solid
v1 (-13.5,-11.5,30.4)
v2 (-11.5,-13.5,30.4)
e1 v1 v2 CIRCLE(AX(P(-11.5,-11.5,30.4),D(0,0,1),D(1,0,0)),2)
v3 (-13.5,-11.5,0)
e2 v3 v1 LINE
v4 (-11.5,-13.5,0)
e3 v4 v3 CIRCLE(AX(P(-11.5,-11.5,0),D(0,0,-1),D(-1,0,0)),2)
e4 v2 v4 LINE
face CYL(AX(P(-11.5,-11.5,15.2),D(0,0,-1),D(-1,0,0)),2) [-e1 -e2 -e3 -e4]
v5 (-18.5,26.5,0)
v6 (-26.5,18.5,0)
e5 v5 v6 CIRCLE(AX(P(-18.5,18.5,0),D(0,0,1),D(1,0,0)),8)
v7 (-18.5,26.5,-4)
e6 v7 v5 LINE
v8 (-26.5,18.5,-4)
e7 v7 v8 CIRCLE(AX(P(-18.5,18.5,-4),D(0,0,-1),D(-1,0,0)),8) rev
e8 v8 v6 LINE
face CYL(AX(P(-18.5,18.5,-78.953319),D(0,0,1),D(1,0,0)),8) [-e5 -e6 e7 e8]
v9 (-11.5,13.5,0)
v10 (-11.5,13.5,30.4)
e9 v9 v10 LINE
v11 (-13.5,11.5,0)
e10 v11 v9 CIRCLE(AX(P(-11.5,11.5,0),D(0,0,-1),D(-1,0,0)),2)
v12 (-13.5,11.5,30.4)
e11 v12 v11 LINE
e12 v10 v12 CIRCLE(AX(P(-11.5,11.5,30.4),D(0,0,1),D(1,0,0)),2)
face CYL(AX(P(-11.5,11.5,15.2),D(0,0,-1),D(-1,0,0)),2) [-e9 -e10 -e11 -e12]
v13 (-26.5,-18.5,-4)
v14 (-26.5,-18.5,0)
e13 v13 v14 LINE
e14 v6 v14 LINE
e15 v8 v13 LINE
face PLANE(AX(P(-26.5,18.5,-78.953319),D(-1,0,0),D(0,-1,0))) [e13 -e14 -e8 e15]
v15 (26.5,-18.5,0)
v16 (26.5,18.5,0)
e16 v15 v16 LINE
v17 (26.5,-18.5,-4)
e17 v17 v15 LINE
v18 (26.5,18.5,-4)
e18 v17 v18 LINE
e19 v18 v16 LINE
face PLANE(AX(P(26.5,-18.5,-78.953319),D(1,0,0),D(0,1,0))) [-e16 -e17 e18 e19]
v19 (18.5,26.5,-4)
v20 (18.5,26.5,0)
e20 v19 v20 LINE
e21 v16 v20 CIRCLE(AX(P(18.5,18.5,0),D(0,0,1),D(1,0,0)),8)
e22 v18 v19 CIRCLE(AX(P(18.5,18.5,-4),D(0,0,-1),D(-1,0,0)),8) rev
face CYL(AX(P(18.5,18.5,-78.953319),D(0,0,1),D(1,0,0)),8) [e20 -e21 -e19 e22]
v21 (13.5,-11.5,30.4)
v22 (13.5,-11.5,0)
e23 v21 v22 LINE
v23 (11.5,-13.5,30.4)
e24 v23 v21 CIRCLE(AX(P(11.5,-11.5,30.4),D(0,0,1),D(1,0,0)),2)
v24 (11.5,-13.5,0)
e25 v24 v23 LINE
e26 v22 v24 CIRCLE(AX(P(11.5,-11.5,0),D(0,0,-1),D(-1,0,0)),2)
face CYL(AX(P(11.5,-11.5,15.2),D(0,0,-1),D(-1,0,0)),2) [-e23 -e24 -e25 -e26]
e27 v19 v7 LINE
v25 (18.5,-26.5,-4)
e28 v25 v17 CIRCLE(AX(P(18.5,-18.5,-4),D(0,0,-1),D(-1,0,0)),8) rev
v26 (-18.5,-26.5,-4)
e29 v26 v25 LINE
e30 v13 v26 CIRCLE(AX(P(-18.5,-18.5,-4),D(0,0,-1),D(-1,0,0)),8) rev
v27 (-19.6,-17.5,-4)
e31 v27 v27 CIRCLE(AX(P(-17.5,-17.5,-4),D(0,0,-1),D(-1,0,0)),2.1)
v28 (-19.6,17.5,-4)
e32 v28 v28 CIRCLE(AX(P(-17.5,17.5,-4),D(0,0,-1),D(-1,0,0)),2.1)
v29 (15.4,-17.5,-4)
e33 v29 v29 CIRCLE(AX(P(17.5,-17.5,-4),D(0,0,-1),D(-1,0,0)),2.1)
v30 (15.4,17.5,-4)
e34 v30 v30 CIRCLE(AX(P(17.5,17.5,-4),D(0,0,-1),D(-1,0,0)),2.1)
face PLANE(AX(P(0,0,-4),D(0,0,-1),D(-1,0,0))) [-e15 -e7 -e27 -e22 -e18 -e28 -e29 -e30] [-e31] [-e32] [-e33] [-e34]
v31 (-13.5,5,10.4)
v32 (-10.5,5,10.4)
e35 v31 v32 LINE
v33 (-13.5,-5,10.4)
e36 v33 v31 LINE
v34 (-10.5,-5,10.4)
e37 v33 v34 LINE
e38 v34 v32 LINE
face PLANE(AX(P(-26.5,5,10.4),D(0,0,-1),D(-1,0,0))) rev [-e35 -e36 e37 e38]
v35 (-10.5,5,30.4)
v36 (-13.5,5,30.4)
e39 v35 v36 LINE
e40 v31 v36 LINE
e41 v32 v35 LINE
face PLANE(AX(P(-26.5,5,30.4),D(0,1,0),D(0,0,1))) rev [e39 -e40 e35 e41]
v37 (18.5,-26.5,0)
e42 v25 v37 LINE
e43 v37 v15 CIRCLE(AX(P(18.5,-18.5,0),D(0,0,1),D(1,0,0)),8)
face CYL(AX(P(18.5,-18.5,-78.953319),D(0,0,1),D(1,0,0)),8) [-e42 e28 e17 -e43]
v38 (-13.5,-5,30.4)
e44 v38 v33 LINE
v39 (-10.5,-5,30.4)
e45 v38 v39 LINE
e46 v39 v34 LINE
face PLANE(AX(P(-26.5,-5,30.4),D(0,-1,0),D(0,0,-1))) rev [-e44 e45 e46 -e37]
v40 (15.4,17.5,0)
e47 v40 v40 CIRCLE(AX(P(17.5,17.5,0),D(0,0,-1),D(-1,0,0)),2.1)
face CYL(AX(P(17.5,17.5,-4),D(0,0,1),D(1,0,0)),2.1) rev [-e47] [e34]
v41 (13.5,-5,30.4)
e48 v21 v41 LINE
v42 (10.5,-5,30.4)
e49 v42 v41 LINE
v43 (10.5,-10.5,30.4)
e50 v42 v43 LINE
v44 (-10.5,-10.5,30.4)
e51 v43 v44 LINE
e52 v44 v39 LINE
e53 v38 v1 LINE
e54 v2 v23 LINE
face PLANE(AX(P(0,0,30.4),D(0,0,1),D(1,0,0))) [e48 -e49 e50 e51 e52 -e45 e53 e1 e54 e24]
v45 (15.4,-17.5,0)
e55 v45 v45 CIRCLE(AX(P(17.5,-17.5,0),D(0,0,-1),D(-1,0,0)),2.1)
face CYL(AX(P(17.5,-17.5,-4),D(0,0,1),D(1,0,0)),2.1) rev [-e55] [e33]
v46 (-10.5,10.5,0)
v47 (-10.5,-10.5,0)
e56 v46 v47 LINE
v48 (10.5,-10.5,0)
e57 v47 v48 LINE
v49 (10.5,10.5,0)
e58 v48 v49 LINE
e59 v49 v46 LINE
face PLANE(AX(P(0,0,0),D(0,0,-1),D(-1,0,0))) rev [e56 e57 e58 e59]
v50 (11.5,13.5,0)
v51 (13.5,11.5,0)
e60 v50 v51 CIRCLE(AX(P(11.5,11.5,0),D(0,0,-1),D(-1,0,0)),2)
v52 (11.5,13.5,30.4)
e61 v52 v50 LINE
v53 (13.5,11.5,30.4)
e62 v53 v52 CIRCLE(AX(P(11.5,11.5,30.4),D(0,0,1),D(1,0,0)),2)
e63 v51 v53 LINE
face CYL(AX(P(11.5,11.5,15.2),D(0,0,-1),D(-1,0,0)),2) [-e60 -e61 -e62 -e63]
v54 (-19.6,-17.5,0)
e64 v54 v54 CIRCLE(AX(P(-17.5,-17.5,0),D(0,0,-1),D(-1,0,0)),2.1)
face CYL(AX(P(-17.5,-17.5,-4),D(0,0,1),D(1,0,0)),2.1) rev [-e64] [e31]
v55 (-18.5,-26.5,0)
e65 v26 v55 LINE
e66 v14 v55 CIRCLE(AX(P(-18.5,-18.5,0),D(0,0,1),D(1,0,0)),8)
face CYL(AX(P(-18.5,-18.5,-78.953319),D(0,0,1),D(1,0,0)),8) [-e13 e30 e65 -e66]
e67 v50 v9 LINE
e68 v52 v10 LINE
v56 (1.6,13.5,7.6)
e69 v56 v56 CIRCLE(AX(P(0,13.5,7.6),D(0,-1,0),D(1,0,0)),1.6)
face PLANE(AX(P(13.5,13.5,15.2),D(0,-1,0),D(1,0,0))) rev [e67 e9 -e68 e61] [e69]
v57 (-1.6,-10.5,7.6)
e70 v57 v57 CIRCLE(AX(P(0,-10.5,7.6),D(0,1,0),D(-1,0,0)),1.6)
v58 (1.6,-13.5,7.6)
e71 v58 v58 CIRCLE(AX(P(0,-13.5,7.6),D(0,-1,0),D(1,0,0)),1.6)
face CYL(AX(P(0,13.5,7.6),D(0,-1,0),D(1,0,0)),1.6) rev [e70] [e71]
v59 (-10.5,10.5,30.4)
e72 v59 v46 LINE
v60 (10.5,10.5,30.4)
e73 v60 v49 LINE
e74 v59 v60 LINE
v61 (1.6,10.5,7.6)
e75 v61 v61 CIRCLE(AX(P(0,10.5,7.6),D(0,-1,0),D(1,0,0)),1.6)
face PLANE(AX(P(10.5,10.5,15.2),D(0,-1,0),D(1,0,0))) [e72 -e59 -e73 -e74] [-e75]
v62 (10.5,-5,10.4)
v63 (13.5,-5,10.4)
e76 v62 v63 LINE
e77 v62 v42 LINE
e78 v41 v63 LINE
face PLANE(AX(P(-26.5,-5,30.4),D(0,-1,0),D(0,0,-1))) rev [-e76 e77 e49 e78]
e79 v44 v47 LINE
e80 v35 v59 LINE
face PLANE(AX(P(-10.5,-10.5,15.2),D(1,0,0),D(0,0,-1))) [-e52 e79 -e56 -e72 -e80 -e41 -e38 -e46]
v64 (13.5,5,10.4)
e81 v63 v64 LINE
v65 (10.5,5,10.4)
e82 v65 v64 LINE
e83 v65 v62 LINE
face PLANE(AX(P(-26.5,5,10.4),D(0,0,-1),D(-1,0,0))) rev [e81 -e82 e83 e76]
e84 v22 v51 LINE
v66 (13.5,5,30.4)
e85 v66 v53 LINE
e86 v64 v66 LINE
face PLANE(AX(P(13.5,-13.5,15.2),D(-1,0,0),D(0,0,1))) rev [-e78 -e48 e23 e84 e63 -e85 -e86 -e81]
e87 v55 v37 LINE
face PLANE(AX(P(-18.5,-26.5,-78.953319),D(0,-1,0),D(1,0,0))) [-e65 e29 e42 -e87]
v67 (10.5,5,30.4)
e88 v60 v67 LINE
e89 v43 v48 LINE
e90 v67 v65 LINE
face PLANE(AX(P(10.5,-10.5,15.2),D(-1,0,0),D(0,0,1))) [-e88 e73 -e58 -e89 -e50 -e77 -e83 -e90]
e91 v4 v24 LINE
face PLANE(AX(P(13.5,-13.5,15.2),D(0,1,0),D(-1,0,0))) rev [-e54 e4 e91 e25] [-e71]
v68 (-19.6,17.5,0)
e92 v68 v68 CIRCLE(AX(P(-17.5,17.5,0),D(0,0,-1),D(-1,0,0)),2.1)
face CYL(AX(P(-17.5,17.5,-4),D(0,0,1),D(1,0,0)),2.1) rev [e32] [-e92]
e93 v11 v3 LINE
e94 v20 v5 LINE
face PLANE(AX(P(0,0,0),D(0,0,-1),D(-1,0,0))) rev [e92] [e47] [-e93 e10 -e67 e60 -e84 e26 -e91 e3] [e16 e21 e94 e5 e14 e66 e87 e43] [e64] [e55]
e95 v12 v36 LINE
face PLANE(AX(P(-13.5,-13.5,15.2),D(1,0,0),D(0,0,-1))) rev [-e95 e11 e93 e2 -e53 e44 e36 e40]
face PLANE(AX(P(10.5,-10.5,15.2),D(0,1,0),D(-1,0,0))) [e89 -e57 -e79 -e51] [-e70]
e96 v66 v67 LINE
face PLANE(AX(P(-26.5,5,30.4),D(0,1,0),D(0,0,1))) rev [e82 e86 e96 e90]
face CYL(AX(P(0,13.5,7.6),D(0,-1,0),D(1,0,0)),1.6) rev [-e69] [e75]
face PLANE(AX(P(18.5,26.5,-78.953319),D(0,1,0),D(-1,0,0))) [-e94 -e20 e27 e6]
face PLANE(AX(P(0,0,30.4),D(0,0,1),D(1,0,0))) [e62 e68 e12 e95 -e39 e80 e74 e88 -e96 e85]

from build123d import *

# Parameters (mm, degrees)
SKETCH1_W           = 27
SKETCH1_H           = 27
SKETCH1_W_2         = 21
SKETCH1_H_2         = 21
BOSS_EXTRUDE1_DEPTH = 15.2
SKETCH2_R           = 1.6
CUT_EXTRUDE1_DEPTH  = 34.797780992
SKETCH5_R           = 2.1
SKETCH5_W           = 27
SKETCH5_H           = 27
SKETCH5_W_2         = 21
SKETCH5_H_2         = 21
BOSS_EXTRUDE3_DEPTH = 4
FILLET2_R           = 2
BOSS_EXTRUDE5_DEPTH = 4
SKETCH8_W           = 21
SKETCH8_H           = 21
BOSS_EXTRUDE7_DEPTH = 15.2
SKETCH9_W           = 20
SKETCH9_H           = 10
CUT_EXTRUDE2_DEPTH  = 57.801496459


with BuildPart() as part:
    # Sketch1 → Boss-Extrude1 (new body)
    with BuildSketch(Plane.XY):
        Rectangle(SKETCH1_W, SKETCH1_H)
        Rectangle(SKETCH1_W_2, SKETCH1_H_2, mode=Mode.SUBTRACT)
    extrude(amount=BOSS_EXTRUDE1_DEPTH)

    # Sketch2 → Cut-Extrude1 (cut, through all)
    with BuildSketch(Plane.XZ.offset(13.5)):
        with Locations((0, 7.6)):
            Circle(SKETCH2_R)
    extrude(amount=-CUT_EXTRUDE1_DEPTH, mode=Mode.SUBTRACT)

    # Sketch5 → Boss-Extrude3 (add)
    with BuildSketch(Plane(origin=(0, 0, 0), x_dir=(-1, 0, 0), z_dir=(0, 0, -1))):
        with BuildLine():
            Line((18.5, 21.5), (-18.5, 21.5))
            ThreePointArc((-18.5, 21.5), (-20.621320344, 20.621320344), (-21.5, 18.5))
            Line((-21.5, 18.5), (-21.5, -18.5))
            ThreePointArc((-21.5, -18.5), (-20.621320344, -20.621320344), (-18.5, -21.5))
            Line((-18.5, -21.5), (18.5, -21.5))
            ThreePointArc((18.5, -21.5), (20.621320344, -20.621320344), (21.5, -18.5))
            Line((21.5, -18.5), (21.5, 18.5))
            ThreePointArc((21.5, 18.5), (20.621320344, 20.621320344), (18.5, 21.5))
        make_face()
        with Locations((-17.5, 17.5)):
            Circle(SKETCH5_R, mode=Mode.SUBTRACT)
        with Locations((-17.5, -17.5)):
            Circle(SKETCH5_R, mode=Mode.SUBTRACT)
        with Locations((17.5, -17.5)):
            Circle(SKETCH5_R, mode=Mode.SUBTRACT)
        with Locations((17.5, 17.5)):
            Circle(SKETCH5_R, mode=Mode.SUBTRACT)
        Rectangle(SKETCH5_W, SKETCH5_H, mode=Mode.SUBTRACT)
        Rectangle(SKETCH5_W, SKETCH5_H)
        Rectangle(SKETCH5_W_2, SKETCH5_H_2, mode=Mode.SUBTRACT)
        Rectangle(SKETCH5_W_2, SKETCH5_H_2)
    extrude(amount=BOSS_EXTRUDE3_DEPTH)

    # Fillet2
    fillet2_edges = [part.edges().sort_by_distance(p)[0] for p in [
        (13.5, -13.5, 7.6),
        (-13.5, -13.5, 7.6),
        (-13.5, 13.5, 7.6),
        (13.5, 13.5, 7.6),
    ]]
    fillet(fillet2_edges, radius=FILLET2_R)

    # Sketch7 → Boss-Extrude5 (add)
    with BuildSketch(Plane.XY):
        with BuildLine():
            Line((18.5, 26.5), (-18.5, 26.5))
            ThreePointArc((-18.5, 26.5), (-24.156854249, 24.156854249), (-26.5, 18.5))
            Line((-26.5, 18.5), (-26.5, -18.5))
            ThreePointArc((-26.5, -18.5), (-24.156854249, -24.156854249), (-18.5, -26.5))
            Line((-18.5, -26.5), (18.5, -26.5))
            ThreePointArc((18.5, -26.5), (24.156854249, -24.156854249), (26.5, -18.5))
            Line((26.5, -18.5), (26.5, 18.5))
            ThreePointArc((26.5, 18.5), (24.156854249, 24.156854249), (18.5, 26.5))
        make_face()
        with BuildLine():
            Line((18.5, 21.5), (-18.5, 21.5))
            ThreePointArc((-18.5, 21.5), (-20.621320344, 20.621320344), (-21.5, 18.5))
            Line((-21.5, 18.5), (-21.5, -18.5))
            ThreePointArc((-21.5, -18.5), (-20.621320344, -20.621320344), (-18.5, -21.5))
            Line((-18.5, -21.5), (18.5, -21.5))
            ThreePointArc((18.5, -21.5), (20.621320344, -20.621320344), (21.5, -18.5))
            Line((21.5, -18.5), (21.5, 18.5))
            ThreePointArc((21.5, 18.5), (20.621320344, 20.621320344), (18.5, 21.5))
        make_face(mode=Mode.SUBTRACT)
    extrude(amount=-BOSS_EXTRUDE5_DEPTH)

    # Sketch8 → Boss-Extrude7 (add)
    with BuildSketch(Plane.XY.offset(15.2)):
        with BuildLine():
            ThreePointArc((-11.5, 13.5), (-12.914213562, 12.914213562), (-13.5, 11.5))
            Line((-13.5, 11.5), (-13.5, -11.5))
            ThreePointArc((-13.5, -11.5), (-12.914213562, -12.914213562), (-11.5, -13.5))
            Line((-11.5, -13.5), (11.5, -13.5))
            ThreePointArc((11.5, -13.5), (12.914213562, -12.914213562), (13.5, -11.5))
            Line((13.5, -11.5), (13.5, 11.5))
            ThreePointArc((13.5, 11.5), (12.914213562, 12.914213562), (11.5, 13.5))
            Line((11.5, 13.5), (-11.5, 13.5))
        make_face()
        Rectangle(SKETCH8_W, SKETCH8_H, mode=Mode.SUBTRACT)
    extrude(amount=BOSS_EXTRUDE7_DEPTH)

    # Sketch9 → Cut-Extrude2 (cut, through all)
    with BuildSketch(Plane(origin=(13.5, 0, 0), x_dir=(0, 0, -1), z_dir=(1, 0, 0))):
        with Locations((-20.4, 0)):
            Rectangle(SKETCH9_W, SKETCH9_H)
    extrude(amount=-CUT_EXTRUDE2_DEPTH, mode=Mode.SUBTRACT)


solid = part.part
